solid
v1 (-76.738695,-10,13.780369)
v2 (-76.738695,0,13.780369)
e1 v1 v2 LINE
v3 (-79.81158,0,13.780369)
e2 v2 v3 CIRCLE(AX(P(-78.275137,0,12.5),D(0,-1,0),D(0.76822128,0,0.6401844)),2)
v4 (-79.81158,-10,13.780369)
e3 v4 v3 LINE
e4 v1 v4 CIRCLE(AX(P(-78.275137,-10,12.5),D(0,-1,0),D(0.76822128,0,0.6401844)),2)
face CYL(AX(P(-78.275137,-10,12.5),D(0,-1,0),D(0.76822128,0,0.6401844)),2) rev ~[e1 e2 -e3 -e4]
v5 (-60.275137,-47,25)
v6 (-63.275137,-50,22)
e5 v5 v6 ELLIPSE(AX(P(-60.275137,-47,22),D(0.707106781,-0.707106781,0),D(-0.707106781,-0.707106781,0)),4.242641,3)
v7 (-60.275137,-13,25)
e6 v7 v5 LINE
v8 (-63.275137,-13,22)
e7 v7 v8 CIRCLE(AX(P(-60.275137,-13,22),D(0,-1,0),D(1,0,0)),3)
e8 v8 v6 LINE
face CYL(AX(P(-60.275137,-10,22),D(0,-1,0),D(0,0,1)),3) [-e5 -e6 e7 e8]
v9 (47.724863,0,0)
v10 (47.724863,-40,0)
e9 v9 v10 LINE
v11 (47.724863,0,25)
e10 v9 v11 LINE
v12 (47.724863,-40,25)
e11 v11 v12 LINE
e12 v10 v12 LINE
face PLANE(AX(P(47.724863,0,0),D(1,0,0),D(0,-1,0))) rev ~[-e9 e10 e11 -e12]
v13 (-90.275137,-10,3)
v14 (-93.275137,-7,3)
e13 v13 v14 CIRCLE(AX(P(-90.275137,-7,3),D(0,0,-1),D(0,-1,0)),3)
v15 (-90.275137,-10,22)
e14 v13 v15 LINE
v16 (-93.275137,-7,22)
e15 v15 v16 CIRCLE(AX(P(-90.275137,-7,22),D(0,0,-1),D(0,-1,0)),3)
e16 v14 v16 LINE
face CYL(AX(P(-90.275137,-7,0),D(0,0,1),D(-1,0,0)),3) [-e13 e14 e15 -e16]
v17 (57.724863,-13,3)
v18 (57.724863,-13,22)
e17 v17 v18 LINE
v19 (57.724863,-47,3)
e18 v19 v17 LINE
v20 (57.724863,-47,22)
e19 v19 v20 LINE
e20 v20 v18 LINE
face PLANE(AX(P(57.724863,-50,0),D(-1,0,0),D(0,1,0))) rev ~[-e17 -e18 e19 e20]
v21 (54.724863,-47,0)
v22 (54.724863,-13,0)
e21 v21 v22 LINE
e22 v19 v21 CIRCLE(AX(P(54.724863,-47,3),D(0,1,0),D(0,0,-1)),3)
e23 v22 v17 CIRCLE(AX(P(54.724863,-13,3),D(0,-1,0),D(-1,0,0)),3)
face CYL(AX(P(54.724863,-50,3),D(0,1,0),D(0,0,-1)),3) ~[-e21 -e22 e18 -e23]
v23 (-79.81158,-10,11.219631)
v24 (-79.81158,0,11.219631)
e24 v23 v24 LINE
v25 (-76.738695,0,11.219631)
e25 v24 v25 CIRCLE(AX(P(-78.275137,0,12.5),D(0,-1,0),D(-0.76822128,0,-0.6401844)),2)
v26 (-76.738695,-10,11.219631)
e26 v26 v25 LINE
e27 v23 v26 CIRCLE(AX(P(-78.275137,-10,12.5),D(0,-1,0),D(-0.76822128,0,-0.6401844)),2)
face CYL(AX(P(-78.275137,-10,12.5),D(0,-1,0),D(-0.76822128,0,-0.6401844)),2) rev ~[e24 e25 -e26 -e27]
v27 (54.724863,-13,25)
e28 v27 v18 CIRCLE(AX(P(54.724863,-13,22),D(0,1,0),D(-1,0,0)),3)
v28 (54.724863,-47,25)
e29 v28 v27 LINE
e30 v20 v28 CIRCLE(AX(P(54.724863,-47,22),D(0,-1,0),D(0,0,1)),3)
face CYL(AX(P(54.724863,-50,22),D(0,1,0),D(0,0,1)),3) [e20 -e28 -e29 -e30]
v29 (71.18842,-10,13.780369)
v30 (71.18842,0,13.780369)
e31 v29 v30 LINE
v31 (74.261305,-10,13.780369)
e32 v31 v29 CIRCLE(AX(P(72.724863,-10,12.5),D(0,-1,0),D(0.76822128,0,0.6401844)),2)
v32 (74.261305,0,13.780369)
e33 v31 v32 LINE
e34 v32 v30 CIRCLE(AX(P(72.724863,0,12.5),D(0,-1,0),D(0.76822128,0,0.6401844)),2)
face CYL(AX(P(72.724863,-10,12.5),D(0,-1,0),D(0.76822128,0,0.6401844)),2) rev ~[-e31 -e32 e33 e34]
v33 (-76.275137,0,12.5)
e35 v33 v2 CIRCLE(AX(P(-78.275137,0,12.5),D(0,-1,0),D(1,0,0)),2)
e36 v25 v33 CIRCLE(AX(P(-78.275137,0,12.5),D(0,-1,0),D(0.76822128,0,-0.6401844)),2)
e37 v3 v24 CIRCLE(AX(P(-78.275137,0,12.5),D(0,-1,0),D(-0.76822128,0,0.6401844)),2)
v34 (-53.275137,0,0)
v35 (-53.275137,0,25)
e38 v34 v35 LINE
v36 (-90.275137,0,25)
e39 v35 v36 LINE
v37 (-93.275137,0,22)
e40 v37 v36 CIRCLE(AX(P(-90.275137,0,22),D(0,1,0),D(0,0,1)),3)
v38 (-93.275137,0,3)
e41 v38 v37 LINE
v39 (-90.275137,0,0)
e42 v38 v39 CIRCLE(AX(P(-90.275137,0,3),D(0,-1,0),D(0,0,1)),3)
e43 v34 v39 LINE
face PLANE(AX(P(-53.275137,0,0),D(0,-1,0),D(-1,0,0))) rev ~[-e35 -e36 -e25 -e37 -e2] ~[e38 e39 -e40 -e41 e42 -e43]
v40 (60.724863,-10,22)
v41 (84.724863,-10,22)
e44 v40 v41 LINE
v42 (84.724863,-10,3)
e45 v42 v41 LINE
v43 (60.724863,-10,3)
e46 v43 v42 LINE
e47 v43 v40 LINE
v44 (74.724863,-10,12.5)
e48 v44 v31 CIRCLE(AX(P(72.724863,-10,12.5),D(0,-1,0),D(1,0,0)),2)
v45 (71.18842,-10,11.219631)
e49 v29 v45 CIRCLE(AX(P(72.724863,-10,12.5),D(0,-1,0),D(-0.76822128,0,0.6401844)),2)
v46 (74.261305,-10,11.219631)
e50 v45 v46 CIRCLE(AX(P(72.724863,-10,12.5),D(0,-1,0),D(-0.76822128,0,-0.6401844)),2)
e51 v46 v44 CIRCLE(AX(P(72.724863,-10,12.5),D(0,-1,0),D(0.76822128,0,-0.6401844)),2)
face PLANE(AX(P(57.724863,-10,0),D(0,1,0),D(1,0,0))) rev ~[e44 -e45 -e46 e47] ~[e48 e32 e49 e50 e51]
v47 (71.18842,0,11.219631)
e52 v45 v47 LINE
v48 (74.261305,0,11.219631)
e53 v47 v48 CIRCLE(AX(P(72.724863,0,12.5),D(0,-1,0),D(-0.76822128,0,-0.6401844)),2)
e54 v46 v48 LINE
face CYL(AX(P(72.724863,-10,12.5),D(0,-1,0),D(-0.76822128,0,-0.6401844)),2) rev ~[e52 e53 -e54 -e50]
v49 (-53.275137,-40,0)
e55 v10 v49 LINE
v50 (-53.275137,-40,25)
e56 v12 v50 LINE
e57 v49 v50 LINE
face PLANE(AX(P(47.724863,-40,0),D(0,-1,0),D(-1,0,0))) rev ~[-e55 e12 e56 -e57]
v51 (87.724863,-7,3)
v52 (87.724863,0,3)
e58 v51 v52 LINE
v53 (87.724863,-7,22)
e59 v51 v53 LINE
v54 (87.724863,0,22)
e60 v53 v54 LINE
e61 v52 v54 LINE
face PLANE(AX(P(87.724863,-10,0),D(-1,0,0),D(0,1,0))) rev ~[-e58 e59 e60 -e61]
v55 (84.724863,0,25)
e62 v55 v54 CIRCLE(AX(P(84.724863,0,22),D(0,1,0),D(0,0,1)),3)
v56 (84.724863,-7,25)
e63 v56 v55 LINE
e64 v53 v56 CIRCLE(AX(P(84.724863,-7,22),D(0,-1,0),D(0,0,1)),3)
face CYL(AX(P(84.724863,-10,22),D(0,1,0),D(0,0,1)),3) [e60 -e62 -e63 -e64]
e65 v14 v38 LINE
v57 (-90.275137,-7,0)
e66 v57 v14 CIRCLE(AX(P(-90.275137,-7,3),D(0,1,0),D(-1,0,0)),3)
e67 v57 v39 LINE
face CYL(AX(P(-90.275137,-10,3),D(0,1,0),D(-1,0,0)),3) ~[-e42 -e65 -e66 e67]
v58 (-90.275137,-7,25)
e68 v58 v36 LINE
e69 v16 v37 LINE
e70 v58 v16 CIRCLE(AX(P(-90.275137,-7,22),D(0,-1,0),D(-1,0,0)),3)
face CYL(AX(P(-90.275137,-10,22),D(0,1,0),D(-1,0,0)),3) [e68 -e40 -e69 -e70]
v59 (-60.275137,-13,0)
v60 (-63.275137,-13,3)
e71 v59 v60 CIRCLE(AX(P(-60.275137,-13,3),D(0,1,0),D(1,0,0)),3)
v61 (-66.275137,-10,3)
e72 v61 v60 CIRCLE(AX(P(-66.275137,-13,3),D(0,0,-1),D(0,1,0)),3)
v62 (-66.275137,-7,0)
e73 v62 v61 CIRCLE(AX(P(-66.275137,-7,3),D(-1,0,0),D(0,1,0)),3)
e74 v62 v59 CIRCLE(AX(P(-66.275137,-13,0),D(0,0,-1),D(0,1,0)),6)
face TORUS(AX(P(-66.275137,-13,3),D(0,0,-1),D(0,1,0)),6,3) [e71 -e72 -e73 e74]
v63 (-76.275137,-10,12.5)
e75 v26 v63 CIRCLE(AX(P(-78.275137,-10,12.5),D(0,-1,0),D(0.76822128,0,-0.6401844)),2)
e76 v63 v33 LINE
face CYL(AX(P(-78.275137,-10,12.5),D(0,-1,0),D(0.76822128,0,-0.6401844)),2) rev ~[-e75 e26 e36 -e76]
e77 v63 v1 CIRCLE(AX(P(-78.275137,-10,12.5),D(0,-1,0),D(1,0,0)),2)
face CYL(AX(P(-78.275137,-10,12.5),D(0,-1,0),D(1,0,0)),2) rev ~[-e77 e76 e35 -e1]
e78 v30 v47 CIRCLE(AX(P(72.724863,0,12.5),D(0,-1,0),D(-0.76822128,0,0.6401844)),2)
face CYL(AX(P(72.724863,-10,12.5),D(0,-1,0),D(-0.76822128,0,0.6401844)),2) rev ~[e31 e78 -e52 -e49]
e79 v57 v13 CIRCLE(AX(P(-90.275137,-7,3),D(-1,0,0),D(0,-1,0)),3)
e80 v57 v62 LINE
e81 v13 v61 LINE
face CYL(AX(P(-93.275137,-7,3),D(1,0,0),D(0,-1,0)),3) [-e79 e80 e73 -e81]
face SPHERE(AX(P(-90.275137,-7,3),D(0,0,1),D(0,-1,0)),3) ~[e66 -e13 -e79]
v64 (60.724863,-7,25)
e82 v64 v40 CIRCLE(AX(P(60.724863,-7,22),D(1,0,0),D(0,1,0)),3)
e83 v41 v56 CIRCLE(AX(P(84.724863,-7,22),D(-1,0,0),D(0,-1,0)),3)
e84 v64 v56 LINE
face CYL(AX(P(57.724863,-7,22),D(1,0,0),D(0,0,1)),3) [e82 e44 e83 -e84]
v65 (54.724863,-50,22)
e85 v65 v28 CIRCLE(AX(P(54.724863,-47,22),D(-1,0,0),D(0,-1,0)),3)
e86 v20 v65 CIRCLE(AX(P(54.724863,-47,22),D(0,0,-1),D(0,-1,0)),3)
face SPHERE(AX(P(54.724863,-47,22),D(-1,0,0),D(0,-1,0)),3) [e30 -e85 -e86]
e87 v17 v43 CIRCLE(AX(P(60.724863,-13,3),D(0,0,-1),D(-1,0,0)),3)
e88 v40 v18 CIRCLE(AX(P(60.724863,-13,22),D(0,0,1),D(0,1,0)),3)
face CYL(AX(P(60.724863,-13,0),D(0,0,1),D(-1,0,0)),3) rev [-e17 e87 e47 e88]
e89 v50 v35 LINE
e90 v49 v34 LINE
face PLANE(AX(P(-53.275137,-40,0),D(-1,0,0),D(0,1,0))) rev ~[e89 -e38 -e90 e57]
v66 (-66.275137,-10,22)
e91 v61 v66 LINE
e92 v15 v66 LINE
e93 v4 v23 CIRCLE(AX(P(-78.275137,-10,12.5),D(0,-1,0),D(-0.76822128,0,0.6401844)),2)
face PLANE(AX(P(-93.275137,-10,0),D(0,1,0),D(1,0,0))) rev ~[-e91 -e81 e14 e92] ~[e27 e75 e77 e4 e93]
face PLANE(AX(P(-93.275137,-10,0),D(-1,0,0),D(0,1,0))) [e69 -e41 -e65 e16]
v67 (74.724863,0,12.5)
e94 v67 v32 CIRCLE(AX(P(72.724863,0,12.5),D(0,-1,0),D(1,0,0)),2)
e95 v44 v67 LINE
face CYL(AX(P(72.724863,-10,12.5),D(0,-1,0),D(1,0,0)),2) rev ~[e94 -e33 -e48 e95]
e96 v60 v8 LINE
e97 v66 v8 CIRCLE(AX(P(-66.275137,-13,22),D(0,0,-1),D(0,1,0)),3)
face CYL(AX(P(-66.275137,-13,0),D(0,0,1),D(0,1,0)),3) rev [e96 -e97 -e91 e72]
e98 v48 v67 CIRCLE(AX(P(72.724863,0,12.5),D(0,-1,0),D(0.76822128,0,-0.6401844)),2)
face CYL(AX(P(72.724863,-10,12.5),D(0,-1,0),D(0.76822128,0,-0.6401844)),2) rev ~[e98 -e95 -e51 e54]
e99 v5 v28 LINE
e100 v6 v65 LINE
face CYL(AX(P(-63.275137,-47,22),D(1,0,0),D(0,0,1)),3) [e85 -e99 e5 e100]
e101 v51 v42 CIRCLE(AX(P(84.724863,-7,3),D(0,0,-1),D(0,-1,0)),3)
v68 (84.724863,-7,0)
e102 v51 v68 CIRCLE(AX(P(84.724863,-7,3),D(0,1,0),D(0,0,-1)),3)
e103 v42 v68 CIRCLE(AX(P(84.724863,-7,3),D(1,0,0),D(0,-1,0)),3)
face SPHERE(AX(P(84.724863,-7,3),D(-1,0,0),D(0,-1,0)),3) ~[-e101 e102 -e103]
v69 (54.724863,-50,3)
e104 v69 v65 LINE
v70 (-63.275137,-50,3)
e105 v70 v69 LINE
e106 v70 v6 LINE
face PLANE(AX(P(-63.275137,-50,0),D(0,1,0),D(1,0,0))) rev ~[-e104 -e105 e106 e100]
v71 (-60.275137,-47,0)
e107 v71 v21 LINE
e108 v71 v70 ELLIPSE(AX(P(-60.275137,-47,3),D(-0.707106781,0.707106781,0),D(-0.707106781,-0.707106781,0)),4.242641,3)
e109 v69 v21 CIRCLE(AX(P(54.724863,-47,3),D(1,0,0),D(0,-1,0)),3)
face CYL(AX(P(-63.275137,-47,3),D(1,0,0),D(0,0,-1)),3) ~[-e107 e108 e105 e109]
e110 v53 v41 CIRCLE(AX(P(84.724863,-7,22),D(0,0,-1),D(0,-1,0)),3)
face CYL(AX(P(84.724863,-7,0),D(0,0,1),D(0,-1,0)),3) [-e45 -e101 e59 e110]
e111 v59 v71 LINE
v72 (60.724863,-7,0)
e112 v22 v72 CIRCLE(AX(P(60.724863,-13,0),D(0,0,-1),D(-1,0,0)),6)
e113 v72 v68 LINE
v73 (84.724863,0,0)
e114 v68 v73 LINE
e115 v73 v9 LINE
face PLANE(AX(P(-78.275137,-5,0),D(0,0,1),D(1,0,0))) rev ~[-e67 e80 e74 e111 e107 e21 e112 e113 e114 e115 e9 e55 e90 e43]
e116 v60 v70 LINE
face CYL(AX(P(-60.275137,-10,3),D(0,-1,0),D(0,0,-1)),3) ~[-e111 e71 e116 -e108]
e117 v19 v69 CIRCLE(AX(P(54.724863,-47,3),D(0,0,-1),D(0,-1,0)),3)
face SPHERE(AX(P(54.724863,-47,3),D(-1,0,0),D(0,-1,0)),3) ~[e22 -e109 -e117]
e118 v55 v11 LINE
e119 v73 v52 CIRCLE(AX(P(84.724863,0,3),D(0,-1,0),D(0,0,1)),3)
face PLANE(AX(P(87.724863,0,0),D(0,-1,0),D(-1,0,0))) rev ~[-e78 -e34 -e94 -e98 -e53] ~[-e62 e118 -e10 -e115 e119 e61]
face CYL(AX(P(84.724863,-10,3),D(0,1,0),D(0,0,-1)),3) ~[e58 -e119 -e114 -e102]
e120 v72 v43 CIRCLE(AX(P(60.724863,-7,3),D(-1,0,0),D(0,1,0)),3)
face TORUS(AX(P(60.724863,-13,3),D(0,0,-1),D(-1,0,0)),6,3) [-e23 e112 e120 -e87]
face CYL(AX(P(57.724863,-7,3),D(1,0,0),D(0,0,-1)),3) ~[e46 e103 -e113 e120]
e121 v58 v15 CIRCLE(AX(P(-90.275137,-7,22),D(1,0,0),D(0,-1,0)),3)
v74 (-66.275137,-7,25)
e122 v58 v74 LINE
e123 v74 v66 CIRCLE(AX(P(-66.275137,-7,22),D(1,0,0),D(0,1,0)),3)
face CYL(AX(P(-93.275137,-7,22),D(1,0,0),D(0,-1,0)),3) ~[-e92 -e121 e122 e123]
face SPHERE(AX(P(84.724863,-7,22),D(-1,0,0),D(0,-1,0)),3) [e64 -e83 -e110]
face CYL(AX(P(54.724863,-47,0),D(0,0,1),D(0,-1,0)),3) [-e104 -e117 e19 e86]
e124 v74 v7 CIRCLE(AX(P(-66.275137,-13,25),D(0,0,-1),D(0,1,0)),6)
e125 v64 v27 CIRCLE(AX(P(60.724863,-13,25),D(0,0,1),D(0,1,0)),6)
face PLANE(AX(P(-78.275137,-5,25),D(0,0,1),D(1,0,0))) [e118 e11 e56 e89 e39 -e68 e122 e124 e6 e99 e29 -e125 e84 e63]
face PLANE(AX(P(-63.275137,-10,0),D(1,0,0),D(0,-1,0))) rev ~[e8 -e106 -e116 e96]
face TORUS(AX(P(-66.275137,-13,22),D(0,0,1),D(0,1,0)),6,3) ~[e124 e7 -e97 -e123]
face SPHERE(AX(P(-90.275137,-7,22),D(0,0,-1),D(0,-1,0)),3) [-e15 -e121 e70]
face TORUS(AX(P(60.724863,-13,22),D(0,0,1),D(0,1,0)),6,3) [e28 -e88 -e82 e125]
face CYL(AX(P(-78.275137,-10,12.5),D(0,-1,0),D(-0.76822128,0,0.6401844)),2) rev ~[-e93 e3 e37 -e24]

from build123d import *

# Parameters (mm, degrees)
F0_W     = 30
F0_H     = 10
F0_W_2   = 10
F0_H_2   = 30
F1_DEPTH = 25
F3_DEPTH = 25
F5_DEPTH = 25
F6_R     = 3


with BuildPart() as f1:
    # F0 (on Top) → F1 (new body)
    with BuildSketch(Plane.XY):
        with Locations((-78.2751372457, -5)):
            Rectangle(F0_W, F0_H)
        with Locations((-58.2751372457, -25)):
            Rectangle(F0_W_2, F0_H_2)
        Polygon((47.7248627543, 0), (47.7248627543, -40), (57.7248627543, -40), (57.7248627543, -10), (87.7248627543, -10), (87.7248627543, 0), align=None)
        with Locations((-58.2751372457, -5)):
            Rectangle(F0_W_2, F0_H)
        Polygon((47.7248627543, -40), (-53.2751372457, -40), (-63.2751372457, -40), (-63.2751372457, -50), (57.7248627543, -50), (57.7248627543, -40), align=None)
    extrude(amount=F1_DEPTH)

    # F2 (on face) → F3 (cut)
    with BuildSketch(Plane.XZ.offset(10)):
        with BuildLine():
            Line((74.2613053135, 13.7803687993), (72.7248627543, 12.5))
            Line((72.7248627543, 12.5), (74.2613053135, 11.2196312007))
            ThreePointArc((74.2613053135, 11.2196312007), (74.6054059097, 11.8191494725), (74.7248627543, 12.5))
            ThreePointArc((74.7248627543, 12.5), (74.6054059097, 13.1808505275), (74.2613053135, 13.7803687993))
        make_face()
        with BuildLine():
            Line((71.1884201952, 13.7803687993), (72.7248627543, 12.5))
            Line((72.7248627543, 12.5), (74.2613053135, 13.7803687993))
            ThreePointArc((74.2613053135, 13.7803687993), (72.7248627543, 14.5), (71.1884201952, 13.7803687993))
        make_face()
        with BuildLine():
            ThreePointArc((71.1884201952, 13.7803687993), (70.7248627543, 12.5), (71.1884201952, 11.2196312007))
            Line((71.1884201952, 11.2196312007), (72.7248627543, 12.5))
            Line((72.7248627543, 12.5), (71.1884201952, 13.7803687993))
        make_face()
        with BuildLine():
            Line((72.7248627543, 12.5), (71.1884201952, 11.2196312007))
            ThreePointArc((71.1884201952, 11.2196312007), (72.7248627543, 10.5), (74.2613053135, 11.2196312007))
            Line((74.2613053135, 11.2196312007), (72.7248627543, 12.5))
        make_face()
    extrude(amount=-F3_DEPTH, mode=Mode.SUBTRACT)

    # F4 (on face) → F5 (cut)
    with BuildSketch(Plane.XZ.offset(10)):
        with BuildLine():
            ThreePointArc((-79.8115798048, 11.2196312007), (-78.2751372457, 10.5), (-76.7386946865, 11.2196312007))
            Line((-76.7386946865, 11.2196312007), (-78.2751372457, 12.5))
            Line((-78.2751372457, 12.5), (-79.8115798048, 11.2196312007))
        make_face()
        with BuildLine():
            Line((-78.2751372457, 12.5), (-76.7386946865, 11.2196312007))
            ThreePointArc((-76.7386946865, 11.2196312007), (-76.3945940903, 11.8191494725), (-76.2751372457, 12.5))
            ThreePointArc((-76.2751372457, 12.5), (-76.3945940903, 13.1808505275), (-76.7386946865, 13.7803687993))
            Line((-76.7386946865, 13.7803687993), (-78.2751372457, 12.5))
        make_face()
        with BuildLine():
            Line((-79.8115798048, 13.7803687993), (-78.2751372457, 12.5))
            Line((-78.2751372457, 12.5), (-76.7386946865, 13.7803687993))
            ThreePointArc((-76.7386946865, 13.7803687993), (-78.2751372457, 14.5), (-79.8115798048, 13.7803687993))
        make_face()
        with BuildLine():
            Line((-79.8115798048, 11.2196312007), (-78.2751372457, 12.5))
            Line((-78.2751372457, 12.5), (-79.8115798048, 13.7803687993))
            ThreePointArc((-79.8115798048, 13.7803687993), (-80.2751372457, 12.5), (-79.8115798048, 11.2196312007))
        make_face()
    extrude(amount=-F5_DEPTH, mode=Mode.SUBTRACT)

    # F6
    f6_edges = [f1.edges().sort_by_distance(p)[0] for p in [
        (-93.275137, -10, 12.5),
        (-78.275137, -10, 0),
        (-63.275137, -30, 0),
        (-63.275137, -30, 25),
        (-63.275137, -10, 12.5),
        (-78.275137, -10, 25),
        (-2.775137, -50, 0),
        (-2.775137, -50, 25),
        (-93.275137, -5, 0),
        (57.724863, -50, 12.5),
        (57.724863, -30, 0),
        (72.724863, -10, 0),
        (72.724863, -10, 25),
        (87.724863, -10, 12.5),
        (87.724863, -5, 0),
        (87.724863, -5, 25),
        (57.724863, -30, 25),
        (57.724863, -10, 12.5),
        (-93.275137, -5, 25),
    ]]
    fillet(f6_edges, radius=F6_R)


solid = f1.part
